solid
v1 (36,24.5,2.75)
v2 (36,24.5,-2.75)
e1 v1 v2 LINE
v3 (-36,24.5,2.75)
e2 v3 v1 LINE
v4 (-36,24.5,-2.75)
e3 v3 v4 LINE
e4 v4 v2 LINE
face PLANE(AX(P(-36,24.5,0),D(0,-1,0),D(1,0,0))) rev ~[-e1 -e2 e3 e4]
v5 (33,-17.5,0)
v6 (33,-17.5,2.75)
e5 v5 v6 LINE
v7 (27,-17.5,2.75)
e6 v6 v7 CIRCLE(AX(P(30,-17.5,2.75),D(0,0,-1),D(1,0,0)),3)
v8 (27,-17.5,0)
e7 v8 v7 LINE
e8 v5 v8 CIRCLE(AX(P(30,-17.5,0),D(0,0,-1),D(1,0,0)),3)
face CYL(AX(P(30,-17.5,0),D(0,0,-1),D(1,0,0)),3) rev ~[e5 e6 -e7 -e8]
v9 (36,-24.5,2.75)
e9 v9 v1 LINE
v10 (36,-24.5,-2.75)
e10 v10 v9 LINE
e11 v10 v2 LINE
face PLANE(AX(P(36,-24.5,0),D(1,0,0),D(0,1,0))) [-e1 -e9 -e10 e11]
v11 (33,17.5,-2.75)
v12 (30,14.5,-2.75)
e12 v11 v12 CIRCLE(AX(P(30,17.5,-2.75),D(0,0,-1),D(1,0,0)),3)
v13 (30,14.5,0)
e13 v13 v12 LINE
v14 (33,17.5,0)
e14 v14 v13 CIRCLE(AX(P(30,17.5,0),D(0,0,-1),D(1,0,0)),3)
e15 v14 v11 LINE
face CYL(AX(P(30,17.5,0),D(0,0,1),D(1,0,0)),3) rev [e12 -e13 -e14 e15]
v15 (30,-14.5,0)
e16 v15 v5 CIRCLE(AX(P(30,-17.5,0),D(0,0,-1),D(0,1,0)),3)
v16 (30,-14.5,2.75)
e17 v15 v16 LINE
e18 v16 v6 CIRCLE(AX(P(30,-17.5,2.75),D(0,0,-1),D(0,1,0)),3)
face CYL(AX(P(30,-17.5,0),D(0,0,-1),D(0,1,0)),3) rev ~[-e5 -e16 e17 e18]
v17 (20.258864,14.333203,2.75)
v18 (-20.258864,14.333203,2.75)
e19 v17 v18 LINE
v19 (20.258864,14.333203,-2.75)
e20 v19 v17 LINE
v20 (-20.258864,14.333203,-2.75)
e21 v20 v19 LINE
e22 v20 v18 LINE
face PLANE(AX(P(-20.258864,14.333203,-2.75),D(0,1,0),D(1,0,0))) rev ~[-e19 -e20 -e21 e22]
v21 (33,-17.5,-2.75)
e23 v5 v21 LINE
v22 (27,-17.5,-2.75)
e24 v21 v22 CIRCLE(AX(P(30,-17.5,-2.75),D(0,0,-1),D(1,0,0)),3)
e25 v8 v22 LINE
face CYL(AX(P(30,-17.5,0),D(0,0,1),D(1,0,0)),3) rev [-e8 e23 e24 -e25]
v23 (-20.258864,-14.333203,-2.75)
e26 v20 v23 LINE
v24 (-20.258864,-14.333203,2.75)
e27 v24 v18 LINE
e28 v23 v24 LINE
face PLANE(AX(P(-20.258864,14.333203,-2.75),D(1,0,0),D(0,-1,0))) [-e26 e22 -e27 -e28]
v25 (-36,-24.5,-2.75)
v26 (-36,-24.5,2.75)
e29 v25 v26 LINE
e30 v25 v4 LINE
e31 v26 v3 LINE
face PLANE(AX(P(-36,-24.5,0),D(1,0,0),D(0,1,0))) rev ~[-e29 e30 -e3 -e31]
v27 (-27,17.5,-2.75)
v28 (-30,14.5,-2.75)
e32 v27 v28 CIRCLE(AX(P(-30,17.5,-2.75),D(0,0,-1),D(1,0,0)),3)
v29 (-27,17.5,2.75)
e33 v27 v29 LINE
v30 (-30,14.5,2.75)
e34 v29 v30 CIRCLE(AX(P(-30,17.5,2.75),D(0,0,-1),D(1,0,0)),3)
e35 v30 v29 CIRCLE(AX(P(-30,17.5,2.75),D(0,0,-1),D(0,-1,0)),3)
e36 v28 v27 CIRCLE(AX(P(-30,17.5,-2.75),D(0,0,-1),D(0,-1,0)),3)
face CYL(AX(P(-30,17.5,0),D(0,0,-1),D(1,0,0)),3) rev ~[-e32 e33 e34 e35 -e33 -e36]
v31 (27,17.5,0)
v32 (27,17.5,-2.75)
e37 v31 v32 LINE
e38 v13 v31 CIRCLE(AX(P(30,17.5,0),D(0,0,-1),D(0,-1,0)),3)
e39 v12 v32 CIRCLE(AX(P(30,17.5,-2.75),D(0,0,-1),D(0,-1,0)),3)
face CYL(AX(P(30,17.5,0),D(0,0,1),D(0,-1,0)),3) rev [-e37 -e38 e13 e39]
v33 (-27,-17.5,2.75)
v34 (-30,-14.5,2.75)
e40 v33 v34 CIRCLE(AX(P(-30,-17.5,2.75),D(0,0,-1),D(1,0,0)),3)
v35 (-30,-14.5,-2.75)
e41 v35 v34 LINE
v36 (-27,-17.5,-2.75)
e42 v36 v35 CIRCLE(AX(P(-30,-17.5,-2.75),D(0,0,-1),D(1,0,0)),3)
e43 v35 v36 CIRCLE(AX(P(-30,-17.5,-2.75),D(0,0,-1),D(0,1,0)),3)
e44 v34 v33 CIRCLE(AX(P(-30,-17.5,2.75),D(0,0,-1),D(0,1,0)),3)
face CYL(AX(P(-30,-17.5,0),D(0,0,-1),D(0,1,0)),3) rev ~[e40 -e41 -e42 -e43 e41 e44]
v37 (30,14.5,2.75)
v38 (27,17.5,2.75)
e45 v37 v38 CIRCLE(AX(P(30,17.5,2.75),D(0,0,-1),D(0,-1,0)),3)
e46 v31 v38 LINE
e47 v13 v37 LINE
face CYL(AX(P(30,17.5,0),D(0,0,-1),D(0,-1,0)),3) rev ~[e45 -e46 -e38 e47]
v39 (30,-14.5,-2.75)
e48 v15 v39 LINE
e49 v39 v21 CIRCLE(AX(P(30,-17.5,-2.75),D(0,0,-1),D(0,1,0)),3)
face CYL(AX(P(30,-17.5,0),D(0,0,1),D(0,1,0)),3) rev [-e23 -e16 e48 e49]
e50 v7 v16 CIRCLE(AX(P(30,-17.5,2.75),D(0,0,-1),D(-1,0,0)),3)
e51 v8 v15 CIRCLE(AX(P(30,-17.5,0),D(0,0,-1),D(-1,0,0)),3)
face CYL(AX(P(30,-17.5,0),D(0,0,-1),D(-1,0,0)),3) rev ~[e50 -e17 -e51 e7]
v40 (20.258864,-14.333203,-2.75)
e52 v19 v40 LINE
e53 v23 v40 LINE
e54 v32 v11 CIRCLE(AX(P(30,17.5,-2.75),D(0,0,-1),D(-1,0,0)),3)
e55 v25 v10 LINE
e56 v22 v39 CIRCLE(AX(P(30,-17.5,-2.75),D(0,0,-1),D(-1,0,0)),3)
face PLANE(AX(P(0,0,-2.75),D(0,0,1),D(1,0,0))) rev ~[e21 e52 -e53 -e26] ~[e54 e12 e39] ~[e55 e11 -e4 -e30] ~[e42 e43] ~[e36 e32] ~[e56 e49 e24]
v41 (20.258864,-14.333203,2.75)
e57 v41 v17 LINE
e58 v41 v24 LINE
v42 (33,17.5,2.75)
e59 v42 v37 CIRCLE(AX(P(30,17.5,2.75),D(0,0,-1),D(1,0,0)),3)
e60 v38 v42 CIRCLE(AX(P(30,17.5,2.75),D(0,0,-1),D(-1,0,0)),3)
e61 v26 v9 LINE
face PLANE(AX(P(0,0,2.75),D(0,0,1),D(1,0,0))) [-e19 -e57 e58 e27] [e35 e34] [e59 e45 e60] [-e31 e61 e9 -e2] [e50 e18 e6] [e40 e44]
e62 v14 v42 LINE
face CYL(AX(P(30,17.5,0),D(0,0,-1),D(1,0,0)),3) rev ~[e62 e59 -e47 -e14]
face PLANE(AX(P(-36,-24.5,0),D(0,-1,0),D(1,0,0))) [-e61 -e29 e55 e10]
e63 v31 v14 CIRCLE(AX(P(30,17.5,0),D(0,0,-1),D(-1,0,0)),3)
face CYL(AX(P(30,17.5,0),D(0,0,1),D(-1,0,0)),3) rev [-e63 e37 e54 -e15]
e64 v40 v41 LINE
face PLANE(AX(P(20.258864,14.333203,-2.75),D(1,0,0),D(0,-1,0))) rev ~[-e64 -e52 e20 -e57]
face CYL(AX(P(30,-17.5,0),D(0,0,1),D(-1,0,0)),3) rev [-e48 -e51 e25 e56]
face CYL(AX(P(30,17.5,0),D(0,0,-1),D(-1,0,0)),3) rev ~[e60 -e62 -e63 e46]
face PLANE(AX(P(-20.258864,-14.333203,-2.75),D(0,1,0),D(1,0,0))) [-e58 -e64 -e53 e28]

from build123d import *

# Parameters (mm, degrees)
F0_W     = 72
F0_H     = 49
F1_DEPTH = 2.75
F2_W     = 40.5177287757
F2_H     = 28.6664068699
F3_DEPTH = 25


with BuildPart() as f1:
    # F0 (on Top) → F1 (new body, symmetric)
    with BuildSketch(Plane.XY):
        Rectangle(F0_W, F0_H)
        with BuildLine():
            Line((27, -17.5), (-27, -17.5))
            ThreePointArc((-27, -17.5), (-32.1213203436, -19.6213203436), (-30, -14.5))
            Line((-30, -14.5), (-30, 14.5))
            ThreePointArc((-30, 14.5), (-32.1213203436, 19.6213203436), (-27, 17.5))
            Line((-27, 17.5), (27, 17.5))
            ThreePointArc((27, 17.5), (30, 20.5), (33, 17.5))
            ThreePointArc((33, 17.5), (32.1213203436, 15.3786796564), (30, 14.5))
            Line((30, 14.5), (30, -14.5))
            ThreePointArc((30, -14.5), (32.1213203436, -15.3786796564), (33, -17.5))
            ThreePointArc((33, -17.5), (30, -20.5), (27, -17.5))
        make_face(mode=Mode.SUBTRACT)
        with BuildLine():
            ThreePointArc((-30, -14.5), (-27.8786796564, -15.3786796564), (-27, -17.5))
            Line((-27, -17.5), (27, -17.5))
            ThreePointArc((27, -17.5), (27.8786796564, -15.3786796564), (30, -14.5))
            Line((30, -14.5), (30, 14.5))
            ThreePointArc((30, 14.5), (27.8786796564, 15.3786796564), (27, 17.5))
            Line((27, 17.5), (-27, 17.5))
            ThreePointArc((-27, 17.5), (-27.8786796564, 15.3786796564), (-30, 14.5))
            Line((-30, 14.5), (-30, -14.5))
        make_face()
    extrude(amount=F1_DEPTH, both=True)

    # F2 (on face) → F3 (cut)
    with BuildSketch(Plane(origin=(0, 0, -2.75), x_dir=(1, 0, 0), z_dir=(0, 0, -1))):
        Rectangle(F2_W, F2_H)
    extrude(amount=-F3_DEPTH, mode=Mode.SUBTRACT)


solid = f1.part
